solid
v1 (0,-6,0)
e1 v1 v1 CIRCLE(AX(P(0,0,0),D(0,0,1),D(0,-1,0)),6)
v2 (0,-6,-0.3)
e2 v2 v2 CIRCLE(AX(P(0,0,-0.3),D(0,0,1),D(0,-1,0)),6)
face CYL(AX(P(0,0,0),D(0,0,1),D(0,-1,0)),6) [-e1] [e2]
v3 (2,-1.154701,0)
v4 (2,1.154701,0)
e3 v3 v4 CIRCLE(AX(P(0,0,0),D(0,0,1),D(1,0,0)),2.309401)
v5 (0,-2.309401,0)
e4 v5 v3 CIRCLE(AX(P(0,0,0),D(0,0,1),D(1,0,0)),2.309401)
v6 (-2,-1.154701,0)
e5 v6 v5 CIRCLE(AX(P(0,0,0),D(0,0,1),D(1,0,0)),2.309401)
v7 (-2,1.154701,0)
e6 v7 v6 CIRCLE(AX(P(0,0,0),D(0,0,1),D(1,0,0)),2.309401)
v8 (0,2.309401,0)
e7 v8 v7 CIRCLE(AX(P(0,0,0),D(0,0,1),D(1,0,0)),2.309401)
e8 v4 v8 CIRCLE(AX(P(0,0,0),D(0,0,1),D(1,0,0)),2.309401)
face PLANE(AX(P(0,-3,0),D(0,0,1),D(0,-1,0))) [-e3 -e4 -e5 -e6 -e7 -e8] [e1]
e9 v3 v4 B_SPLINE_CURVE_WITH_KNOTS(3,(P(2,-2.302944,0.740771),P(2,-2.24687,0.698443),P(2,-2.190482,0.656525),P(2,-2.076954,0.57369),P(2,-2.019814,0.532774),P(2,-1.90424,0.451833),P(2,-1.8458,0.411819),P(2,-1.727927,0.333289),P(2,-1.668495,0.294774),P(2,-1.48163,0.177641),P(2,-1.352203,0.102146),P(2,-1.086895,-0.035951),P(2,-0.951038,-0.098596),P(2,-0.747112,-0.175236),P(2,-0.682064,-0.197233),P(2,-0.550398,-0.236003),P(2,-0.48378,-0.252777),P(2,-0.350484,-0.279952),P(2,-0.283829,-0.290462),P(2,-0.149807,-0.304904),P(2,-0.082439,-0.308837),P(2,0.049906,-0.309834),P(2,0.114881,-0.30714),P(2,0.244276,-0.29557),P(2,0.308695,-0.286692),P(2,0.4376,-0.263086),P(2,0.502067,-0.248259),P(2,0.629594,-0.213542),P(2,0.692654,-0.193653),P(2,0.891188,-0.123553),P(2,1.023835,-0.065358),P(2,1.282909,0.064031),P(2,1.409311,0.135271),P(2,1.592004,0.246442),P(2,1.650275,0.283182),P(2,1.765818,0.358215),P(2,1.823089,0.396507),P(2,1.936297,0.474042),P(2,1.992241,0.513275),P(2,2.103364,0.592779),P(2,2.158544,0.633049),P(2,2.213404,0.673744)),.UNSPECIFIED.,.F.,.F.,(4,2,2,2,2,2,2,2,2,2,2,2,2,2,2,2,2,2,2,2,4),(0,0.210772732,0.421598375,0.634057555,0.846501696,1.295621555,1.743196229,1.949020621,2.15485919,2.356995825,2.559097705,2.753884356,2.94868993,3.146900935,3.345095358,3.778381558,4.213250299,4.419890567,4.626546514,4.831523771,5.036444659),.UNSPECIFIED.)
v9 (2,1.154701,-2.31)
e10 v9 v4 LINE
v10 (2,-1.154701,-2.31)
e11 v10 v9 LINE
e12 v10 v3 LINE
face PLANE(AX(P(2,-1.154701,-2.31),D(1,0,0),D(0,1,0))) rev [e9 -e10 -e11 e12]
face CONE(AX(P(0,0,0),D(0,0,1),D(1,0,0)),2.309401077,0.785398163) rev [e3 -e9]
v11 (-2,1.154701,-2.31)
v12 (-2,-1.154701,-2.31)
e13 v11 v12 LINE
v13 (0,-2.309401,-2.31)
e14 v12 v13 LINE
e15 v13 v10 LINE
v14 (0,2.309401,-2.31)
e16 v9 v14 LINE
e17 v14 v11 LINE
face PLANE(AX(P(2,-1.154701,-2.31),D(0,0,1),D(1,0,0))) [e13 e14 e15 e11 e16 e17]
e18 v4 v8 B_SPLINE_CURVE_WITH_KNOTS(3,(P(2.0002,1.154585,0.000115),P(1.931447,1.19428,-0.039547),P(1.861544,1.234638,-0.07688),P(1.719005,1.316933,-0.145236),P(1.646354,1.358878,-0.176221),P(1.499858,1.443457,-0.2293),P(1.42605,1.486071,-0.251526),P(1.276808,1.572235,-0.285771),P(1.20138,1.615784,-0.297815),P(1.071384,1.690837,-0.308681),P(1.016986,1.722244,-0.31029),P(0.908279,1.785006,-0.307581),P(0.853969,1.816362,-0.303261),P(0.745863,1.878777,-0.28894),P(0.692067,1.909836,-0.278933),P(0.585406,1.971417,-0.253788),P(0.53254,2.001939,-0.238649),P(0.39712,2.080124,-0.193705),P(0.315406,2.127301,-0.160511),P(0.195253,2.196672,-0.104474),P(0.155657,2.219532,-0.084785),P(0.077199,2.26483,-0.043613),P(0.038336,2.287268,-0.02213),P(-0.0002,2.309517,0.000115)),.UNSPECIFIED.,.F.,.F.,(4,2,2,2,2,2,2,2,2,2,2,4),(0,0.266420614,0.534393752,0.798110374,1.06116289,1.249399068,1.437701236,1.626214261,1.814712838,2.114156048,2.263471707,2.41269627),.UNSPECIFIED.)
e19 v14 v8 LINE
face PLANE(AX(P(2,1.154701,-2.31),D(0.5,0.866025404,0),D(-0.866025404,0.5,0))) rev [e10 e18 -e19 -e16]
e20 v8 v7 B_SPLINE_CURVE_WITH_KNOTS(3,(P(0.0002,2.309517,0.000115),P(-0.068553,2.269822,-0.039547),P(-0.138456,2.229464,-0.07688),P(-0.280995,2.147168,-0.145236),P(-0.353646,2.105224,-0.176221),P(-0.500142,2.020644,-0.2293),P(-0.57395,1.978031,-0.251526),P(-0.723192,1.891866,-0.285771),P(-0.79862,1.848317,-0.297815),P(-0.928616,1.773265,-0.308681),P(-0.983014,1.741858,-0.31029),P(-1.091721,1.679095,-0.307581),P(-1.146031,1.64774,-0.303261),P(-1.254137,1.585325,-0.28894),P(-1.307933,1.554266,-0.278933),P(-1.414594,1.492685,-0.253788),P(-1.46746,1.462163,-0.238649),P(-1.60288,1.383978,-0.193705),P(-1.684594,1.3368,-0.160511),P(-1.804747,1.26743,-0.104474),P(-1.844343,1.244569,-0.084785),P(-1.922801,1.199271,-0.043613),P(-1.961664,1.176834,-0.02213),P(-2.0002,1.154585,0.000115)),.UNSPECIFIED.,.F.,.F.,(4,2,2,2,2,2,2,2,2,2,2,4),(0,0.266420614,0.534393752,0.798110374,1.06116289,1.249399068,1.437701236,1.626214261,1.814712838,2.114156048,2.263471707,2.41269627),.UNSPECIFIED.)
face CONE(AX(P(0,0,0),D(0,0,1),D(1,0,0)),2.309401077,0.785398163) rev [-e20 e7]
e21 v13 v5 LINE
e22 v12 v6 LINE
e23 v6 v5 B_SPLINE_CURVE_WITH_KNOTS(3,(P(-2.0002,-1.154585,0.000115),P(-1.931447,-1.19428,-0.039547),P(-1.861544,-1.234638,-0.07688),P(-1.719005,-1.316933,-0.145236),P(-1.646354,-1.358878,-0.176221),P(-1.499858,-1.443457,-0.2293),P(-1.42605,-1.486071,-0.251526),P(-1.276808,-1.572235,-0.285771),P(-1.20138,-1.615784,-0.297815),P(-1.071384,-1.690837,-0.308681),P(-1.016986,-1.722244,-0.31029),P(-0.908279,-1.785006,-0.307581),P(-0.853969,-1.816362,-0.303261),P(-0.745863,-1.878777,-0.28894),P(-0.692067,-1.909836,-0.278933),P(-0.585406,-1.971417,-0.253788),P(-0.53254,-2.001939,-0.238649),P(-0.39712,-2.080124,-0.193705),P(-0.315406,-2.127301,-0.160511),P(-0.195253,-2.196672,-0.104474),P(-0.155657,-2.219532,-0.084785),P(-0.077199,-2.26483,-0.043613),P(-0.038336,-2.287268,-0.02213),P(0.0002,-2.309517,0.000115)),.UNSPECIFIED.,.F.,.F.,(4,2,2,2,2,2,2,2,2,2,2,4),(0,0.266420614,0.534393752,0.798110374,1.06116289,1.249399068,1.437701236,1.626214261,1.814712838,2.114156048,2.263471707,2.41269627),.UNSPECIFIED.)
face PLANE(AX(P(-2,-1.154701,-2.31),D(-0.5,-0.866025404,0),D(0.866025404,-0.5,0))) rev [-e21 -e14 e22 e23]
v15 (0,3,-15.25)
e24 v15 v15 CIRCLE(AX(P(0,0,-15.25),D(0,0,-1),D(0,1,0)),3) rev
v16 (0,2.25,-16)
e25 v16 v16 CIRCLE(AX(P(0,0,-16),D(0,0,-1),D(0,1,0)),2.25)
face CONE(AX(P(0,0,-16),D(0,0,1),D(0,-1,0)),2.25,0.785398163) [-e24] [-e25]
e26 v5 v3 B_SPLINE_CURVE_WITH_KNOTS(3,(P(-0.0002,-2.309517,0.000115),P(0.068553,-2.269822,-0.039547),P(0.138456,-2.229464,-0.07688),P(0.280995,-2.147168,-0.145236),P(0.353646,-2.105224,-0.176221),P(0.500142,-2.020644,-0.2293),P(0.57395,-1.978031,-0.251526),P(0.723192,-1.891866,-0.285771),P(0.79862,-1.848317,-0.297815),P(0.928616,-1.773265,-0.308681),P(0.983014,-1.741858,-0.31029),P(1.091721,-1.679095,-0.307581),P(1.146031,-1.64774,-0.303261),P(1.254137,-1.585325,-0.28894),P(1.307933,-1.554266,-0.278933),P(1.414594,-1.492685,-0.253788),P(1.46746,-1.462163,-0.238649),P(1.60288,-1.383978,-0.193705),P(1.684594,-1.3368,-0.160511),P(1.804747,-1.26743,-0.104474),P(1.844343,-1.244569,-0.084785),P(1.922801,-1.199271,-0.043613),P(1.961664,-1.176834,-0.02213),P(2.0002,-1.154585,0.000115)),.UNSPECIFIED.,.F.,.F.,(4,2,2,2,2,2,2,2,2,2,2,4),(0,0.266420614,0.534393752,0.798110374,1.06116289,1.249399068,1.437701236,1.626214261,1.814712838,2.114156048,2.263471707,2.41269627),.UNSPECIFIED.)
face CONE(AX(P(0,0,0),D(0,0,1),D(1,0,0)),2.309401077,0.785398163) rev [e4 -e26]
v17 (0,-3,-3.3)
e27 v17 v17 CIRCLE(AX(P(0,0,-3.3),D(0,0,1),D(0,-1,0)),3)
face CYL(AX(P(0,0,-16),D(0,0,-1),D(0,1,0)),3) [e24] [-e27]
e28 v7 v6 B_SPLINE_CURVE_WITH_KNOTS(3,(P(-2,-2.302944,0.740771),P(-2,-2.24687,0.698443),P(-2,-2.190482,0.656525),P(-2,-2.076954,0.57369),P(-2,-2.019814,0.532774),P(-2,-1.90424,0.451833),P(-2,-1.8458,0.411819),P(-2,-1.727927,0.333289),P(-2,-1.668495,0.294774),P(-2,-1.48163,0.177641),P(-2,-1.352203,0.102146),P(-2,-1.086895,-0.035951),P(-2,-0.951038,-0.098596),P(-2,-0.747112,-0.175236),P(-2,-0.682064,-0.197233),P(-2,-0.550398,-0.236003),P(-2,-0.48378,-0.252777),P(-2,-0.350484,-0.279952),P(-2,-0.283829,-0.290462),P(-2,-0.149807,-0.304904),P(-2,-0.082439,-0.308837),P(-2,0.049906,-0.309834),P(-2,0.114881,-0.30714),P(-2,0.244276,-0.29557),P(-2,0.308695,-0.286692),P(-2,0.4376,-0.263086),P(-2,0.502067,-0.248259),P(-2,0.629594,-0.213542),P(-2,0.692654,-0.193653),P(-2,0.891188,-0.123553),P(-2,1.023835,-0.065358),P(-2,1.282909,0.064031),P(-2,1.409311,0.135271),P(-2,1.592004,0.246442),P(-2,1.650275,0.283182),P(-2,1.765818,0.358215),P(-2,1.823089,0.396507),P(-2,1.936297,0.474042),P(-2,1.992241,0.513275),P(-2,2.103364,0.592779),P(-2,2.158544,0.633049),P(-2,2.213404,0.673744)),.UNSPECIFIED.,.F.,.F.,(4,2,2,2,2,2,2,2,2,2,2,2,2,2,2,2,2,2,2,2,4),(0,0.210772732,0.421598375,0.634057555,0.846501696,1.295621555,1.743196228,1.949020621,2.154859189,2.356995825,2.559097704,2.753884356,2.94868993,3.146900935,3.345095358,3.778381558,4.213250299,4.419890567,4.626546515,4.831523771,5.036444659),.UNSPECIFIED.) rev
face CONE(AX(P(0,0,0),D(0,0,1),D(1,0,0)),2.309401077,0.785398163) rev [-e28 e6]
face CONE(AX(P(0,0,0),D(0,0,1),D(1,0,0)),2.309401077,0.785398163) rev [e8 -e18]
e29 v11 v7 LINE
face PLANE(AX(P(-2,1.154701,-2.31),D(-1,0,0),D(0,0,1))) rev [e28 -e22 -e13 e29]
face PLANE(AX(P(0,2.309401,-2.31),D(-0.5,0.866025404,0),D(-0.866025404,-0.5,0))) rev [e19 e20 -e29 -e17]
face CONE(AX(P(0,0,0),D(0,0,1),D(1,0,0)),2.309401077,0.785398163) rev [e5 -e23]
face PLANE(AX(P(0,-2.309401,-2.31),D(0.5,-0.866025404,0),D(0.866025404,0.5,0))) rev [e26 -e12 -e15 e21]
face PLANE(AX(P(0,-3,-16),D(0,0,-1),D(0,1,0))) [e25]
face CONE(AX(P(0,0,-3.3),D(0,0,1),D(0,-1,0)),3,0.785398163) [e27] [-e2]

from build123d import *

# Parameters (mm, degrees)
SKETCH1_W          = 16
SKETCH1_H          = 3
CHAMFER1_SIZE      = 0.75
CUT_EXTRUDE2_DEPTH = 2.31


with BuildPart() as part:
    # Sketch1 → Revolve1 (revolve)
    with BuildSketch(Plane(origin=(0, 0, 0), x_dir=(0, 0, -1), z_dir=(1, 0, 0))):
        with Locations((8, 1.5)):
            Rectangle(SKETCH1_W, SKETCH1_H)
    revolve(axis=Axis((0, 0, -16), (0, 0, 1)))

    # Chamfer1
    chamfer1_edges = [part.edges().sort_by_distance(p)[0] for p in [
        (0, -3, -16),
    ]]
    chamfer(chamfer1_edges, length=CHAMFER1_SIZE)

    # Sketch7 → Revolve2 (revolve)
    with BuildSketch(Plane(origin=(0, 0, 0), x_dir=(0, 0, -1), z_dir=(1, 0, 0)), mode=Mode.PRIVATE) as revolve2_sk:
        Polygon((0, 6), (0.3, 6), (3.3, 3), (3.3, 0), (0, 0), align=None)
    revolve(revolve2_sk.sketch.rotate(Axis((0, 0, 0), (0, 0, -1)), 180), axis=Axis((0, 0, 0), (0, 0, -1)))

    # Boss-Extrude1 cone 1 section (through the dimple's axis) → Boss-Extrude1 (revolve)
    with BuildSketch(Plane(origin=(0, 0, -3.3), x_dir=(0, -1, 0), z_dir=(1, 0, 0))):
        Polygon((0, 0), (3, 0), (0, 3), align=None)
    revolve(axis=Axis((0, 0, -3.3), (0, 0, -1)))

    # Sketch5 → Cut-Extrude2 (cut)
    with BuildSketch(Plane.XY):
        Polygon((2, -1.154700538), (2, 1.154700538), (0, 2.309401077), (-2, 1.154700538), (-2, -1.154700538), (0, -2.309401077), align=None)
    extrude(amount=-CUT_EXTRUDE2_DEPTH, mode=Mode.SUBTRACT)

    # Cut-Extrude3 cone 1 section (through the dimple's axis) → Cut-Extrude3 (revolve, cut)
    with BuildSketch(Plane(origin=(0, 0, 0), x_dir=(0, -1, 0), z_dir=(1, 0, 0))):
        Polygon((0, 0), (2.309401077, 0), (0, 2.309401077), align=None)
    revolve(axis=Axis((0, 0, 0), (0, 0, -1)), mode=Mode.SUBTRACT)


solid = part.part
